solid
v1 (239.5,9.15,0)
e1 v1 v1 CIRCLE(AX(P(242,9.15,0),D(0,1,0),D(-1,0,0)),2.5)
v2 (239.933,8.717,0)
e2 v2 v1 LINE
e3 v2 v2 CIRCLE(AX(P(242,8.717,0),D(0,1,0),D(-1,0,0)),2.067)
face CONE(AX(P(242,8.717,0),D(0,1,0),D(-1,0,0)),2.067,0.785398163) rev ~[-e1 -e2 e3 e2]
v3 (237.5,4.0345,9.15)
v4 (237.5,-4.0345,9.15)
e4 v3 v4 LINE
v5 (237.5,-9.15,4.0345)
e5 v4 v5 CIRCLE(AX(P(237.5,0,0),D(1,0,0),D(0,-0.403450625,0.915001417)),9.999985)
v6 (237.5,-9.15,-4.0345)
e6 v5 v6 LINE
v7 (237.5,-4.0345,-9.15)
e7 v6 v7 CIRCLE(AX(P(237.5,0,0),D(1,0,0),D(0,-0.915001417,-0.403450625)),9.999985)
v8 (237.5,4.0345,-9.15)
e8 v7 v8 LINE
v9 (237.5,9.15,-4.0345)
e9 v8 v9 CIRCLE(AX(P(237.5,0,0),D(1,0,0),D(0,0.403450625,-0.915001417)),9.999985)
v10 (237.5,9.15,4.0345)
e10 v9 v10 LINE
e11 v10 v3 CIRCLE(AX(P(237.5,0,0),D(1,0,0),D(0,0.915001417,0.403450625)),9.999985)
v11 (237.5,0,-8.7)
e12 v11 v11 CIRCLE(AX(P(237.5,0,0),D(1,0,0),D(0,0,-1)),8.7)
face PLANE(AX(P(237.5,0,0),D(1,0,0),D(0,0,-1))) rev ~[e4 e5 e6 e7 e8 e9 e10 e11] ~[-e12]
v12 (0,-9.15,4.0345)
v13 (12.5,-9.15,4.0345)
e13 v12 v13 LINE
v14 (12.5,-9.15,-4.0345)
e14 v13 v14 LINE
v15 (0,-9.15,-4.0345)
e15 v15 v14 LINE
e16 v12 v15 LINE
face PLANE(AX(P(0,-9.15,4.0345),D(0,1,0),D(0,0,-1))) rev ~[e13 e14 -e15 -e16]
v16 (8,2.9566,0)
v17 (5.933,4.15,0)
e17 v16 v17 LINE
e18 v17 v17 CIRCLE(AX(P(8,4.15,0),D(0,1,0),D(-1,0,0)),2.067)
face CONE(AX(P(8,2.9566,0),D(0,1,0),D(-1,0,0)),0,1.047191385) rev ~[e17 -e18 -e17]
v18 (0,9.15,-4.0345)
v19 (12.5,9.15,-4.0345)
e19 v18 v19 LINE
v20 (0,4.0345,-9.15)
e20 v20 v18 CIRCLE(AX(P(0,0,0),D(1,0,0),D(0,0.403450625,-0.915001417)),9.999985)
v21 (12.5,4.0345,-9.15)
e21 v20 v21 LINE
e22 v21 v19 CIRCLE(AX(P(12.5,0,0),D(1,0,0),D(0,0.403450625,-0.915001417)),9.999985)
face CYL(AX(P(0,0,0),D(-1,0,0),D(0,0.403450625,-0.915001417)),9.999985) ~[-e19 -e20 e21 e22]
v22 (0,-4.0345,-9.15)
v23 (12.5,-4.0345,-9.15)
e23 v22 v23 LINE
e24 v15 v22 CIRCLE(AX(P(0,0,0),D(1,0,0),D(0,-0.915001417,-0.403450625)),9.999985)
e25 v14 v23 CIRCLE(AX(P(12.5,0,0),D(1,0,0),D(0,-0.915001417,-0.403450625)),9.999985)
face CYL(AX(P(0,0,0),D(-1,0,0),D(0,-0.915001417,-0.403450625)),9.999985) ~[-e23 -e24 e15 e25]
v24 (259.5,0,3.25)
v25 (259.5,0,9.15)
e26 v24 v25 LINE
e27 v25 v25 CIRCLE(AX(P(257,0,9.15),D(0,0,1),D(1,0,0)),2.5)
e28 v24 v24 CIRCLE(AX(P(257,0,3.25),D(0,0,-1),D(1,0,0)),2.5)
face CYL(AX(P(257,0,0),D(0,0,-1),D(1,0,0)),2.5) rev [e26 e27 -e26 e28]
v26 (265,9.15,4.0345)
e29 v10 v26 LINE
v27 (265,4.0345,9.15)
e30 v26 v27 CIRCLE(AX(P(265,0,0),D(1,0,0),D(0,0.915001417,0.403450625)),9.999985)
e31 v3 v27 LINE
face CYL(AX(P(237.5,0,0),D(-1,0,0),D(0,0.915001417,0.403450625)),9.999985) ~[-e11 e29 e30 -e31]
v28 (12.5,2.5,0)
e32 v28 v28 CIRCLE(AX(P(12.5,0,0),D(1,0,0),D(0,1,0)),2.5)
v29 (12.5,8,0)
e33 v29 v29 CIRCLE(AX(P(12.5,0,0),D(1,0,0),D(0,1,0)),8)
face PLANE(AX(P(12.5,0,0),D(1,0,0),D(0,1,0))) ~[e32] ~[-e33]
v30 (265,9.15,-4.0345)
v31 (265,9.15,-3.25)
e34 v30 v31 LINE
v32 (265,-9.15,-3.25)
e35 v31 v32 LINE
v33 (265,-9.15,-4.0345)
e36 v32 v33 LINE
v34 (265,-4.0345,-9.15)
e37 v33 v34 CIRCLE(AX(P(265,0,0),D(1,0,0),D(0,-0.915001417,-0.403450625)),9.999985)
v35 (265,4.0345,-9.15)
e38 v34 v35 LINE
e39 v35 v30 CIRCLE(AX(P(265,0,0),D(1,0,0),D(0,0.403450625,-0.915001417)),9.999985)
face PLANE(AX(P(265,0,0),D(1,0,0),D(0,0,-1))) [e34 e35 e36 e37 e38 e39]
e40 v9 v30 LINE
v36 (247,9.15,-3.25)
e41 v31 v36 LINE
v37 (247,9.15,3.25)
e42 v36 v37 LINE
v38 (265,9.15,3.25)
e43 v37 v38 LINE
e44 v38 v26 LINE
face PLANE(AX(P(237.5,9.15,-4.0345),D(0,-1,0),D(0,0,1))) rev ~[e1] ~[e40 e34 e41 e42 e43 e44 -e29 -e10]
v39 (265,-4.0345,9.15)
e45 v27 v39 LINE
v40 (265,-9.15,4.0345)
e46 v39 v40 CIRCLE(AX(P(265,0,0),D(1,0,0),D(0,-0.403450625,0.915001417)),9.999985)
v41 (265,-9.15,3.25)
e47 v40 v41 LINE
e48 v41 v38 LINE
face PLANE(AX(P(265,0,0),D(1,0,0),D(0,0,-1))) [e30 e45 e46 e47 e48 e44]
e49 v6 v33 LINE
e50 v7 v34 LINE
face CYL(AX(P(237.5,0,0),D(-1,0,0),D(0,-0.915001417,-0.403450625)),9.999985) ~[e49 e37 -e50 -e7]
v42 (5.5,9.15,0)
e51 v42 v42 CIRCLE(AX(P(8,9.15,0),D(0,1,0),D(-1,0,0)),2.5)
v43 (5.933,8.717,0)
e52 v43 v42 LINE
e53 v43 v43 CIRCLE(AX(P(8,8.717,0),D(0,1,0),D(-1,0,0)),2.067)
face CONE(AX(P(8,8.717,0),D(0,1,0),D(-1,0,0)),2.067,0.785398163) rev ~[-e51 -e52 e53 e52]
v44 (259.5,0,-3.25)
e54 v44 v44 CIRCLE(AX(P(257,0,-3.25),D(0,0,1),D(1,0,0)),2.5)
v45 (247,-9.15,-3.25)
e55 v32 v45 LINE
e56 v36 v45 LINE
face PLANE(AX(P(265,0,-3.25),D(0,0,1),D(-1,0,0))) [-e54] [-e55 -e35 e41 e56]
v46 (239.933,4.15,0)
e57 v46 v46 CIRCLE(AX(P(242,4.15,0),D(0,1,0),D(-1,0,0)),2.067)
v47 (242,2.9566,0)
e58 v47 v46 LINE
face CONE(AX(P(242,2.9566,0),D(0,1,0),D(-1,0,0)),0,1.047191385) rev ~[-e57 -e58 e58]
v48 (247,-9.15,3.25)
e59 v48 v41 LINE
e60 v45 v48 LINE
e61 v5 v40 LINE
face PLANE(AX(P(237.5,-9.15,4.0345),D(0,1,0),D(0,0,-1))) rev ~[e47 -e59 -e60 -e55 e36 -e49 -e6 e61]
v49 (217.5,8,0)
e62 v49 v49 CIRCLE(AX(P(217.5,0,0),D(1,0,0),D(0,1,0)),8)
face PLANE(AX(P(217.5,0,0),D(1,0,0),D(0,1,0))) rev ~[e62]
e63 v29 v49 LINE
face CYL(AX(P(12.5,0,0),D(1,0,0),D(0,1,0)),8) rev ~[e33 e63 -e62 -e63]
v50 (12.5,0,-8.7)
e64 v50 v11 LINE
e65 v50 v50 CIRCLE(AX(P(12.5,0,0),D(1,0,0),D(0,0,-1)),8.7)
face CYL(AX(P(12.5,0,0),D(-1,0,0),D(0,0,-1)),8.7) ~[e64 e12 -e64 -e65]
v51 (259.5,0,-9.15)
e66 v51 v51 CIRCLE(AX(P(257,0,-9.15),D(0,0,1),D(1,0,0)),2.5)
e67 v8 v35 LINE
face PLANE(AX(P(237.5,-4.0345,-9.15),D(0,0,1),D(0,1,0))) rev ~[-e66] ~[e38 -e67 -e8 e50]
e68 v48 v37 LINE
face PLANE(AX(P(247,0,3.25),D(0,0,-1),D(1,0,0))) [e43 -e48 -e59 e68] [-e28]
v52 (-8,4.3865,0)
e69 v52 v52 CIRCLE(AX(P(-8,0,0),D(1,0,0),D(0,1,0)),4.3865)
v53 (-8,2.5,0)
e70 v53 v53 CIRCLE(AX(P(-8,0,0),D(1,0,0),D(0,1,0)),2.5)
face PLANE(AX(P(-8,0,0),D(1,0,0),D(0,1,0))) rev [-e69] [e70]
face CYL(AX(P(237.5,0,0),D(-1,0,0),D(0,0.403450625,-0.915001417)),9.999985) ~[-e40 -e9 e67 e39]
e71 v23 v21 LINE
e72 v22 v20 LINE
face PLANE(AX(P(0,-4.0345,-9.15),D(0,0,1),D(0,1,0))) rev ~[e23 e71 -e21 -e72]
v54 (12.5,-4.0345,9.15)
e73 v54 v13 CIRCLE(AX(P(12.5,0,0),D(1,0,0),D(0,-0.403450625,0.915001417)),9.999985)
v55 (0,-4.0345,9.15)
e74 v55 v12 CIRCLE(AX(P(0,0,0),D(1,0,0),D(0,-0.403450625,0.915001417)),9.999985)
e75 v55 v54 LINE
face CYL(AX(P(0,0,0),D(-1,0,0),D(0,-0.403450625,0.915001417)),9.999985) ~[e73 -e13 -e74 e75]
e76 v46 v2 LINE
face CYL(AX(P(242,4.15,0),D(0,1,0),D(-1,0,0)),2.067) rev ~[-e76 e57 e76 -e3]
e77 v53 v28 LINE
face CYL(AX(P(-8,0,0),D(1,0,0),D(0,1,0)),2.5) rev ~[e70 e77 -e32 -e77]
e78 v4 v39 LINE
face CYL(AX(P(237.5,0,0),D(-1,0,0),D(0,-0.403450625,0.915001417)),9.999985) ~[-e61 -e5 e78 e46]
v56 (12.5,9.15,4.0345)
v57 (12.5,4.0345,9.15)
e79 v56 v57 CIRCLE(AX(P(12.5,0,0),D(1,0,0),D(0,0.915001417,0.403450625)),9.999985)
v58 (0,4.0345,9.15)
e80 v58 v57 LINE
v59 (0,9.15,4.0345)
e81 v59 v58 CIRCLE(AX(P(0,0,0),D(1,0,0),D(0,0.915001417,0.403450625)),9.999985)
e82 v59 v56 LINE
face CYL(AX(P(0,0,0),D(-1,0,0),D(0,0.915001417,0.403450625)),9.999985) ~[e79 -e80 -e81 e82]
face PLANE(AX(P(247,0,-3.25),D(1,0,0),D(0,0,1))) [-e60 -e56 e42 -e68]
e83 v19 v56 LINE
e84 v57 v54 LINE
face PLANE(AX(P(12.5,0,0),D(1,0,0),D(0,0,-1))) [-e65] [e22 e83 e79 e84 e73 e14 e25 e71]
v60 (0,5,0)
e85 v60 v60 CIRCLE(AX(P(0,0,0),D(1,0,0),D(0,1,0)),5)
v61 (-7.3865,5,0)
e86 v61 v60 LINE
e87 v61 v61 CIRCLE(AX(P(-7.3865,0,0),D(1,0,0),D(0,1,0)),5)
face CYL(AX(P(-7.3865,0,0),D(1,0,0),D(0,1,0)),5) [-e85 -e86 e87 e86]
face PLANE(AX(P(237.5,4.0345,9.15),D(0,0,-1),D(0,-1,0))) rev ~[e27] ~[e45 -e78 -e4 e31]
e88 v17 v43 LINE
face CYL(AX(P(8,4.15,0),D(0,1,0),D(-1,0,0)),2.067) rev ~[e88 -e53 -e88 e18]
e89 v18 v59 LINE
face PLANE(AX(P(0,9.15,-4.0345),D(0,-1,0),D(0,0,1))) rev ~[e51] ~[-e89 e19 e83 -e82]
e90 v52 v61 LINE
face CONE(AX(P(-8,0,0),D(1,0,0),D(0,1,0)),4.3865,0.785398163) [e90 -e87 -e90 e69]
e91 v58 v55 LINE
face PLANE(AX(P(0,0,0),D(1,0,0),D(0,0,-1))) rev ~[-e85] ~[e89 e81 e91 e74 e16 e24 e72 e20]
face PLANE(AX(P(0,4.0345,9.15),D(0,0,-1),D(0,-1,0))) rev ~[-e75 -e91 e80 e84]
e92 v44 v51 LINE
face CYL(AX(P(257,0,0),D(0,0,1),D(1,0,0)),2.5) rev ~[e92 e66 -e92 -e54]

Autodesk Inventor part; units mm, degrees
sketch "Sketch_8" plane through (0, 0, 0) normal (0, 0, 1) x (1, 0, 0)
  line L0 (0, 0) -> (-8, 0)
  line L1 (-8, 0) -> (-8, 4.3865)
  line L2 (-8, 4.3865) -> (-7.3865, 5)
  line L3 (-7.3865, 5) -> (0, 5)
  line L4 (0, 5) -> (0, 0)
  line L5 (0, 0) -> (-8, 0)
revolve "Revolution1" add sketch "Sketch_8" angle 360 about axis through (0, 0, 0) along (1, 0, 0)
thread "Thread1" size "M10x1" class "6g" standard "ISO Metric profile" length 5.8865
sketch "Sketch_9" plane through (0, 0, 0) normal (1, 0, 0) x (0, 0, -1)
  line L0 (-9.15, 4.0345) -> (-9.15, -4.0345)
  arc A0 (-9.15, -4.0345) -> (-4.0345, -9.15) centre (0, 0) ccw
  line L1 (-4.0345, -9.15) -> (4.0345, -9.15)
  arc A1 (4.0345, -9.15) -> (9.15, -4.0345) centre (0, 0) ccw
  line L2 (9.15, -4.0345) -> (9.15, 4.0345)
  arc A2 (9.15, 4.0345) -> (4.0345, 9.15) centre (0, 0) ccw
  line L3 (4.0345, 9.15) -> (-4.0345, 9.15)
  arc A3 (-4.0345, 9.15) -> (-9.15, 4.0345) centre (0, 0) ccw
extrude "Extrusion1" add sketch "Sketch_9" along normal blind 12.5
sketch "Sketch_11" plane through (12.5, 0, 0) normal (1, 0, 0) x (0, 0, -1)
  circle A0 centre (0, 0) radius 8.7
extrude "Extrusion2" add sketch "Sketch_11" along normal blind 225
sketch "Sketch_10" plane through (237.5, 0, 0) normal (1, 0, 0) x (0, 0, -1)
  line L0 (-9.15, 4.0345) -> (-9.15, -4.0345)
  arc A0 (-9.15, -4.0345) -> (-4.0345, -9.15) centre (0, 0) ccw
  line L1 (-4.0345, -9.15) -> (4.0345, -9.15)
  arc A1 (4.0345, -9.15) -> (9.15, -4.0345) centre (0, 0) ccw
  line L2 (9.15, -4.0345) -> (9.15, 4.0345)
  arc A2 (9.15, 4.0345) -> (4.0345, 9.15) centre (0, 0) ccw
  line L3 (4.0345, 9.15) -> (-4.0345, 9.15)
  arc A3 (-4.0345, 9.15) -> (-9.15, 4.0345) centre (0, 0) ccw
extrude "Extrusion3" add sketch "Sketch_10" along normal blind 27.5
sketch "Sketch7" plane through (0, 0, 0) normal (0, 0, 1) x (1, 0, 0)
  line L0 (8, 9.15) -> (8, 4.15)
  line L1 (8, 2.9566) -> (5.933, 4.15)
  line L2 (5.933, 4.15) -> (5.933, 8.717)
  line L3 (5.933, 8.717) -> (5.5, 9.15)
  line L4 (5.5, 9.15) -> (8, 9.15)
  line L5 (8, 9.15) -> (8, 2.9566)
revolve "Revolution2" cut sketch "Sketch7" angle 360 about axis through (8, 9.15, 0) along (0, 1, 0)
thread "Thread2" size "M5x0.8" class "6H" standard "ISO Metric profile" full length
sketch "Sketch_7" plane through (0, 0, 0) normal (0, 0, 1) x (1, 0, 0)
  line L0 (242, 9.15) -> (242, 4.15)
  line L1 (242, 2.9566) -> (239.933, 4.15)
  line L2 (239.933, 4.15) -> (239.933, 8.717)
  line L3 (239.933, 8.717) -> (239.5, 9.15)
  line L4 (239.5, 9.15) -> (242, 9.15)
  line L5 (242, 9.15) -> (242, 2.9566)
revolve "Revolution3" cut sketch "Sketch_7" angle 360 about axis through (242, 9.15, 0) along (0, 1, 0)
thread "Thread3" size "M5x0.8" class "6H" standard "ISO Metric profile" full length
sketch "Sketch_16" plane through (0, 0, 0) normal (0, 0, 1) x (1, 0, 0)
  line L0 (217.5, 0) -> (-8, 0)
  line L1 (-8, 0) -> (-8, 2.5)
  line L2 (-8, 2.5) -> (12.5, 2.5)
  line L3 (12.5, 2.5) -> (12.5, 8)
  line L4 (12.5, 8) -> (217.5, 8)
  line L5 (217.5, 8) -> (217.5, 0)
  line L6 (217.5, 0) -> (-8, 0)
revolve "Revolution4" cut sketch "Sketch_16" angle 360 about axis through (217.5, 0, 0) along (1, 0, 0)
sketch "Sketch_3" plane through (0, 0, 0) normal (0, 1, 0) x (-1, 0, 0)
  line L0 (-247, 3.25) -> (-265, 3.25)
  line L1 (-265, 3.25) -> (-265, -3.25)
  line L2 (-265, -3.25) -> (-247, -3.25)
  line L3 (-247, -3.25) -> (-247, 3.25)
extrude "Extrusion4" cut sketch "Sketch_3" along normal mid plane 18.3
sketch "Sketch_13" plane through (0, 0, 0) normal (0, 0, 1) x (1, 0, 0)
  circle A0 centre (257, 0) radius 2.5
extrude "Extrusion5" cut sketch "Sketch_13" along normal mid plane 18.3
ref_plane "BODY_N_XY" through (257, 0, 0) normal (0, 0, -1) x (1, 0, 0)
ref_plane "BODY_N_YZ" through (257, 0, 0) normal (1, 0, 0) x (0, -1, 0)
ref_plane "BODY_N_ZX" through (257, 0, 0) normal (0, -1, 0) x (0, 0, -1)
ref_plane "BODY_PIN_XY" through (257, 0, 0) normal (-1, 0, 0) x (0, 0, -1)
ref_plane "BODY_PIN_YZ" through (257, 0, 0) normal (0, 0, -1) x (0, -1, 0)
ref_plane "BODY_PIN_ZX" through (257, 0, 0) normal (0, -1, 0) x (-1, 0, 0)
ref_plane "NUT2_XY" through (247, 0, 0) normal (1, 0, 0) x (0, 0, -1)
ref_plane "NUT2_YZ" through (247, 0, 0) normal (0, 0, -1) x (0, 1, 0)
ref_plane "NUT2_ZX" through (247, 0, 0) normal (0, 1, 0) x (1, 0, 0)
ref_plane "SW1_XY" through (17.5, 0, 0) normal (1, 0, 0) x (0, 0, -1)
ref_plane "SW1_YZ" through (17.5, 0, 0) normal (0, 0, -1) x (0, 1, 0)
ref_plane "SW1_ZX" through (17.5, 0, 0) normal (0, 1, 0) x (1, 0, 0)
ref_plane "SW2_XY" through (232.5, 0, 0) normal (-1, 0, 0) x (0, 0, -1)
ref_plane "SW2_YZ" through (232.5, 0, 0) normal (0, 0, -1) x (0, -1, 0)
ref_plane "SW2_ZX" through (232.5, 0, 0) normal (0, -1, 0) x (-1, 0, 0)
ref_plane "SW_R1_XY" through (17.5, -14.15, 0) normal (1, 0, 0) x (0, 0, -1)
ref_plane "SW_R1_YZ" through (17.5, -14.15, 0) normal (0, 0, -1) x (0, 1, 0)
ref_plane "SW_R1_ZX" through (17.5, -14.15, 0) normal (0, 1, 0) x (1, 0, 0)
ref_plane "SW_R2_XY" through (232.5, -14.15, 0) normal (-1, 0, 0) x (0, 0, -1)
ref_plane "SW_R2_YZ" through (232.5, -14.15, 0) normal (0, 0, -1) x (0, -1, 0)
ref_plane "SW_R2_ZX" through (232.5, -14.15, 0) normal (0, -1, 0) x (-1, 0, 0)
ref_plane "body_XY" through (0, 0, 0) normal (1, 0, 0) x (0, 0, -1)
ref_plane "body_YZ" through (0, 0, 0) normal (0, 0, -1) x (0, 1, 0)
ref_plane "body_ZX" through (0, 0, 0) normal (0, 1, 0) x (1, 0, 0)
properties part number "CJ2D16-200Z(1_0)_BODY"
